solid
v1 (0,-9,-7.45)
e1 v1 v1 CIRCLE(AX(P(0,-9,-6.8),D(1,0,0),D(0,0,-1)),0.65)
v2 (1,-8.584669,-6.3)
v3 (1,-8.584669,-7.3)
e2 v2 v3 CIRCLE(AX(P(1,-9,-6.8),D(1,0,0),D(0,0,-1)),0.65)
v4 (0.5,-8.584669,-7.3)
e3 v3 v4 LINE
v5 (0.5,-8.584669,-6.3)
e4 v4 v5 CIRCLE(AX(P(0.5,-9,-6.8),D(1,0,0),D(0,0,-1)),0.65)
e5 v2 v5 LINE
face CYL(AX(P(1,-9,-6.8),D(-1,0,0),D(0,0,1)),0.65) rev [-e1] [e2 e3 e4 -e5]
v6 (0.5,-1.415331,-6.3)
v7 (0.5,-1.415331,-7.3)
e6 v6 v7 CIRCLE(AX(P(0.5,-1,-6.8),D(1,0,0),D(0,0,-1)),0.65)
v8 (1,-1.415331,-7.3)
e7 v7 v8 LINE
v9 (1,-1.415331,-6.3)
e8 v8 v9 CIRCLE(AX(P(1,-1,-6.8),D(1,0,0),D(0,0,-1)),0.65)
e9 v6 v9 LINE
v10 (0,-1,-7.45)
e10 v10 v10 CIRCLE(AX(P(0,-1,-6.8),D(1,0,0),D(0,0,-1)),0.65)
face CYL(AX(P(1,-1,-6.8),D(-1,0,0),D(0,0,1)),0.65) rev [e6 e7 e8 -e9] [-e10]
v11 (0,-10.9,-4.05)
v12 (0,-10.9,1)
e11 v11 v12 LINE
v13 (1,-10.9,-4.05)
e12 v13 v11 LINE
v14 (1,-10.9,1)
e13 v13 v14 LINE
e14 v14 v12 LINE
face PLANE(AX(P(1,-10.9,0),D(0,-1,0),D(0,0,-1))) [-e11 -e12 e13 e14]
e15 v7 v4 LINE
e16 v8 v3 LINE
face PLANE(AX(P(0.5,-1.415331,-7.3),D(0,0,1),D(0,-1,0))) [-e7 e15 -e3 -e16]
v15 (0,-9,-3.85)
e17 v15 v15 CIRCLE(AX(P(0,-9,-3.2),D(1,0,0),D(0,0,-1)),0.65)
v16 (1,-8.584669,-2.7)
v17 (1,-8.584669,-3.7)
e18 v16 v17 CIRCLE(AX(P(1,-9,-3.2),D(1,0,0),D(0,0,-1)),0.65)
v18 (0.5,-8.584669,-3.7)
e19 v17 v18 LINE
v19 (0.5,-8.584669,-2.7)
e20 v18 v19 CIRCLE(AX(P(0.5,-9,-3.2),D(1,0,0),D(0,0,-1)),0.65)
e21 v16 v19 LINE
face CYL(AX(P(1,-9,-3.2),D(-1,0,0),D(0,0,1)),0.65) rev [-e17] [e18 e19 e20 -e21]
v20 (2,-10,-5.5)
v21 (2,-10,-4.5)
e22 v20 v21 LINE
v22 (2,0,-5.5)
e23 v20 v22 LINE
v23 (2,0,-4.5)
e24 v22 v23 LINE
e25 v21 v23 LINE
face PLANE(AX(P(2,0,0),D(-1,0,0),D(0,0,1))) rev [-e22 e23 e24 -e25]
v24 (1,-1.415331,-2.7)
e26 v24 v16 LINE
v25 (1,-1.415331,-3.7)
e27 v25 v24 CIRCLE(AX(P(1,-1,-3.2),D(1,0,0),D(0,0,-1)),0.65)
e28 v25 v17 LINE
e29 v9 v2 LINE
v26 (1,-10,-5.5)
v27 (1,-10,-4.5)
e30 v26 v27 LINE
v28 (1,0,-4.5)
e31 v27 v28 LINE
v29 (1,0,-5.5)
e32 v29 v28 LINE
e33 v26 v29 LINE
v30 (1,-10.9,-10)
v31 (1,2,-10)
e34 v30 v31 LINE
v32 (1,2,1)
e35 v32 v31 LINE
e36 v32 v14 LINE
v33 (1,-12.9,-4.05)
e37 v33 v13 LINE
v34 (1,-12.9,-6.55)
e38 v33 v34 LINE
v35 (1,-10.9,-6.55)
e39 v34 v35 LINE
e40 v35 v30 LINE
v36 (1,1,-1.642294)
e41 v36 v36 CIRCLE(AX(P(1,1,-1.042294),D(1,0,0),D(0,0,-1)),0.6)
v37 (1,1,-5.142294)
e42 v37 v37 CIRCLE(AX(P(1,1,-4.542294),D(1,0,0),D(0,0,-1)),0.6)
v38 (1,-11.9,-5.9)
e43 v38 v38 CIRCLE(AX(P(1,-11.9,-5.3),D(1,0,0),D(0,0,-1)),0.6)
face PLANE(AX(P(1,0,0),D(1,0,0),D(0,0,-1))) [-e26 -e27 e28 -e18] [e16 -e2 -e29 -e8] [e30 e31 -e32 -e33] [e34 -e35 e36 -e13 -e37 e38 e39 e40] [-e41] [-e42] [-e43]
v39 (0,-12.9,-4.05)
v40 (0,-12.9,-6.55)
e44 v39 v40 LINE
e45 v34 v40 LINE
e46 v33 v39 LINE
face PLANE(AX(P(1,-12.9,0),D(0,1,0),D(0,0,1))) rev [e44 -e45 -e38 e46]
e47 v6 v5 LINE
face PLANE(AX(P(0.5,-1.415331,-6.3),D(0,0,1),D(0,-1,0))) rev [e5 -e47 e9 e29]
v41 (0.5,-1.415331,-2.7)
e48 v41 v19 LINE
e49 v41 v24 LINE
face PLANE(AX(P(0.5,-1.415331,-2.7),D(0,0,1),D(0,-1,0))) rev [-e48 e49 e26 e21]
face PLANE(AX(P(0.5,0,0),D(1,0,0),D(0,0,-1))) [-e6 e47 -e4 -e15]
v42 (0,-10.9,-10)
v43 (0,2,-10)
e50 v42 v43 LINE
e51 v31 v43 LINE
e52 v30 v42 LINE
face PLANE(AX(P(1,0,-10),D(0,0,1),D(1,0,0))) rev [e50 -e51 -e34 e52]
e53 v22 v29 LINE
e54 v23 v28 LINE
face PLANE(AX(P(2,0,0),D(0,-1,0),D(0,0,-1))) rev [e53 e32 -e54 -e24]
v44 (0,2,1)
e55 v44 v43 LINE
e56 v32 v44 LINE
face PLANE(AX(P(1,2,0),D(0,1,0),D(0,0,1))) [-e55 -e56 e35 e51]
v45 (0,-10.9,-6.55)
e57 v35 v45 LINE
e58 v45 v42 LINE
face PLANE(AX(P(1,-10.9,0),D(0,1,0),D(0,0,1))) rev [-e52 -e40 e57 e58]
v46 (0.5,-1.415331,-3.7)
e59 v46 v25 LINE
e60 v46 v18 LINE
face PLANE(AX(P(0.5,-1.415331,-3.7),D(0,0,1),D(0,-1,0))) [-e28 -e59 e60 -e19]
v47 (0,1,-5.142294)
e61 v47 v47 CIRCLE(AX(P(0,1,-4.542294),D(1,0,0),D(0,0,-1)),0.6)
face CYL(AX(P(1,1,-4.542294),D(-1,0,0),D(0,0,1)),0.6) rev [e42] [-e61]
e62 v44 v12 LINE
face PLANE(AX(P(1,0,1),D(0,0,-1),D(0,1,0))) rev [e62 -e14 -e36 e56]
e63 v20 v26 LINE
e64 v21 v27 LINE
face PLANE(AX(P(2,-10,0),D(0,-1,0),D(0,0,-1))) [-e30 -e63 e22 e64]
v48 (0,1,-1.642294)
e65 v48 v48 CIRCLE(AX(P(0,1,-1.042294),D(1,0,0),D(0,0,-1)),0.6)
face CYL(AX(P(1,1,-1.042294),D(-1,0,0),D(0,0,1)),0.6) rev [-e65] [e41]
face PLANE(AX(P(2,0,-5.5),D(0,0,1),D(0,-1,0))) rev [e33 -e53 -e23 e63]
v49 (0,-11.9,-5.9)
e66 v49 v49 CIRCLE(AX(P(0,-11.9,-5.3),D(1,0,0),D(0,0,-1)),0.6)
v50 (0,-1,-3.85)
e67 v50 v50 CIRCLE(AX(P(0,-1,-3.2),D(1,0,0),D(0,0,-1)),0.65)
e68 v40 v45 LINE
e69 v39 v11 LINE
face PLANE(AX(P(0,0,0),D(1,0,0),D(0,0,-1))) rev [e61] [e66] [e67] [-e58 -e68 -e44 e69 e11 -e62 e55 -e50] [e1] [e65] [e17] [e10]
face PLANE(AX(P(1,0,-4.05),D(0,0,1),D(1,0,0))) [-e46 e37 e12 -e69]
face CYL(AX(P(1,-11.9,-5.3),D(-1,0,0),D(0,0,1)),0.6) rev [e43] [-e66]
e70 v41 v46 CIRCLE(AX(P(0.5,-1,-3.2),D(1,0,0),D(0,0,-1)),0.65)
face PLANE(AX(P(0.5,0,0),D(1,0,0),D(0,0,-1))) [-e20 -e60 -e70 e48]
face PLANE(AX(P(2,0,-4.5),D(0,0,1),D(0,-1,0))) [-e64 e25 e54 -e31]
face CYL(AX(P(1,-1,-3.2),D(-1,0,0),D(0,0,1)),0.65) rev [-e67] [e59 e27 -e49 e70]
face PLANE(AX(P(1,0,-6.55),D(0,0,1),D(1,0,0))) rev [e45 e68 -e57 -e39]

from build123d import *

# Parameters (mm, degrees)
SKETCH_1_R          = 0.6
SKETCH_1_W          = 4.5
SKETCH_1_H          = 10
SKETCH_1_R_2        = 0.65
SKETCH_1_W_2        = 1
SKETCH_1_W_3        = 2.5
SKETCH_1_H_2        = 2
EXTRUDE_1_DEPTH     = 1
EXTRUDE_START       = 1
SKETCH_1_4_W        = 1
SKETCH_1_4_H        = 10
EXTRUDE_2_DEPTH     = 1
SKETCH_2_W          = 1
SKETCH_2_H          = 8
CUT_EXTRUDE_1_DEPTH = 0.5


with BuildPart() as part:
    # 草图1 → 凸台-拉伸1 (new body)
    # profile 1 of 7: a face of its own
    with BuildSketch(Plane(origin=(0, 0, 0), x_dir=(0, 0, -1), z_dir=(1, 0, 0))):
        Polygon((0, 2), (0, 0), (4.5, 0), (5.5, 0), (10, 0), (10, 2), align=None)
        with Locations((1.042294057, 1)):
            Circle(SKETCH_1_R, mode=Mode.SUBTRACT)
        with Locations((4.542294057, 1)):
            Circle(SKETCH_1_R, mode=Mode.SUBTRACT)
    # profile 2 of 7: a face of its own
    with BuildSketch(Plane(origin=(0, 0, 0), x_dir=(0, 0, -1), z_dir=(1, 0, 0))):
        with Locations((2.25, -5)):
            Rectangle(SKETCH_1_W, SKETCH_1_H)
        with Locations((3.2, -9)):
            Circle(SKETCH_1_R_2, mode=Mode.SUBTRACT)
        with Locations((3.2, -1)):
            Circle(SKETCH_1_R_2, mode=Mode.SUBTRACT)
    # profile 3 of 7: a face of its own
    with BuildSketch(Plane(origin=(0, 0, 0), x_dir=(0, 0, -1), z_dir=(1, 0, 0))):
        Polygon((0, -10), (0, 0), (0, 2), (-1, 2), (-1, -10.9), (0, -10.9), align=None)
    # profile 4 of 7: a face of its own
    with BuildSketch(Plane(origin=(0, 0, 0), x_dir=(0, 0, -1), z_dir=(1, 0, 0))):
        with Locations((5, -5)):
            Rectangle(SKETCH_1_W_2, SKETCH_1_H)
    # profile 5 of 7: a face of its own
    with BuildSketch(Plane(origin=(0, 0, 0), x_dir=(0, 0, -1), z_dir=(1, 0, 0))):
        Polygon((4.5, -10), (0, -10), (0, -10.9), (4.05, -10.9), (6.55, -10.9), (10, -10.9), (10, -10), (5.5, -10), align=None)
    # profile 6 of 7: a face of its own
    with BuildSketch(Plane(origin=(0, 0, 0), x_dir=(0, 0, -1), z_dir=(1, 0, 0))):
        with Locations((7.75, -5)):
            Rectangle(SKETCH_1_W, SKETCH_1_H)
        with Locations((6.8, -9)):
            Circle(SKETCH_1_R_2, mode=Mode.SUBTRACT)
        with Locations((6.8, -1)):
            Circle(SKETCH_1_R_2, mode=Mode.SUBTRACT)
    # profile 7 of 7: a face of its own
    with BuildSketch(Plane(origin=(0, 0, 0), x_dir=(0, 0, -1), z_dir=(1, 0, 0))):
        with Locations((5.3, -11.9)):
            Rectangle(SKETCH_1_W_3, SKETCH_1_H_2)
        with Locations((5.3, -11.9)):
            Circle(SKETCH_1_R, mode=Mode.SUBTRACT)
    extrude(amount=EXTRUDE_1_DEPTH)

    # 草图1<4> → 凸台-拉伸2 (add)
    with BuildSketch(Plane(origin=(0, 0, 0), x_dir=(0, 0, -1), z_dir=(1, 0, 0)).offset(EXTRUDE_START)):
        with Locations((5, -5)):
            Rectangle(SKETCH_1_4_W, SKETCH_1_4_H)
    extrude(amount=EXTRUDE_2_DEPTH)

    # 草图2 → 切除-拉伸1 (cut)
    with BuildSketch(Plane(origin=(1, 0, 0), x_dir=(0, 0, -1), z_dir=(1, 0, 0))):
        with Locations((6.8, -5.415331193)):
            Rectangle(SKETCH_2_W, SKETCH_2_H)
        with Locations((3.2, -5.415331193)):
            Rectangle(SKETCH_2_W, SKETCH_2_H)
    extrude(amount=-CUT_EXTRUDE_1_DEPTH, mode=Mode.SUBTRACT)


solid = part.part
